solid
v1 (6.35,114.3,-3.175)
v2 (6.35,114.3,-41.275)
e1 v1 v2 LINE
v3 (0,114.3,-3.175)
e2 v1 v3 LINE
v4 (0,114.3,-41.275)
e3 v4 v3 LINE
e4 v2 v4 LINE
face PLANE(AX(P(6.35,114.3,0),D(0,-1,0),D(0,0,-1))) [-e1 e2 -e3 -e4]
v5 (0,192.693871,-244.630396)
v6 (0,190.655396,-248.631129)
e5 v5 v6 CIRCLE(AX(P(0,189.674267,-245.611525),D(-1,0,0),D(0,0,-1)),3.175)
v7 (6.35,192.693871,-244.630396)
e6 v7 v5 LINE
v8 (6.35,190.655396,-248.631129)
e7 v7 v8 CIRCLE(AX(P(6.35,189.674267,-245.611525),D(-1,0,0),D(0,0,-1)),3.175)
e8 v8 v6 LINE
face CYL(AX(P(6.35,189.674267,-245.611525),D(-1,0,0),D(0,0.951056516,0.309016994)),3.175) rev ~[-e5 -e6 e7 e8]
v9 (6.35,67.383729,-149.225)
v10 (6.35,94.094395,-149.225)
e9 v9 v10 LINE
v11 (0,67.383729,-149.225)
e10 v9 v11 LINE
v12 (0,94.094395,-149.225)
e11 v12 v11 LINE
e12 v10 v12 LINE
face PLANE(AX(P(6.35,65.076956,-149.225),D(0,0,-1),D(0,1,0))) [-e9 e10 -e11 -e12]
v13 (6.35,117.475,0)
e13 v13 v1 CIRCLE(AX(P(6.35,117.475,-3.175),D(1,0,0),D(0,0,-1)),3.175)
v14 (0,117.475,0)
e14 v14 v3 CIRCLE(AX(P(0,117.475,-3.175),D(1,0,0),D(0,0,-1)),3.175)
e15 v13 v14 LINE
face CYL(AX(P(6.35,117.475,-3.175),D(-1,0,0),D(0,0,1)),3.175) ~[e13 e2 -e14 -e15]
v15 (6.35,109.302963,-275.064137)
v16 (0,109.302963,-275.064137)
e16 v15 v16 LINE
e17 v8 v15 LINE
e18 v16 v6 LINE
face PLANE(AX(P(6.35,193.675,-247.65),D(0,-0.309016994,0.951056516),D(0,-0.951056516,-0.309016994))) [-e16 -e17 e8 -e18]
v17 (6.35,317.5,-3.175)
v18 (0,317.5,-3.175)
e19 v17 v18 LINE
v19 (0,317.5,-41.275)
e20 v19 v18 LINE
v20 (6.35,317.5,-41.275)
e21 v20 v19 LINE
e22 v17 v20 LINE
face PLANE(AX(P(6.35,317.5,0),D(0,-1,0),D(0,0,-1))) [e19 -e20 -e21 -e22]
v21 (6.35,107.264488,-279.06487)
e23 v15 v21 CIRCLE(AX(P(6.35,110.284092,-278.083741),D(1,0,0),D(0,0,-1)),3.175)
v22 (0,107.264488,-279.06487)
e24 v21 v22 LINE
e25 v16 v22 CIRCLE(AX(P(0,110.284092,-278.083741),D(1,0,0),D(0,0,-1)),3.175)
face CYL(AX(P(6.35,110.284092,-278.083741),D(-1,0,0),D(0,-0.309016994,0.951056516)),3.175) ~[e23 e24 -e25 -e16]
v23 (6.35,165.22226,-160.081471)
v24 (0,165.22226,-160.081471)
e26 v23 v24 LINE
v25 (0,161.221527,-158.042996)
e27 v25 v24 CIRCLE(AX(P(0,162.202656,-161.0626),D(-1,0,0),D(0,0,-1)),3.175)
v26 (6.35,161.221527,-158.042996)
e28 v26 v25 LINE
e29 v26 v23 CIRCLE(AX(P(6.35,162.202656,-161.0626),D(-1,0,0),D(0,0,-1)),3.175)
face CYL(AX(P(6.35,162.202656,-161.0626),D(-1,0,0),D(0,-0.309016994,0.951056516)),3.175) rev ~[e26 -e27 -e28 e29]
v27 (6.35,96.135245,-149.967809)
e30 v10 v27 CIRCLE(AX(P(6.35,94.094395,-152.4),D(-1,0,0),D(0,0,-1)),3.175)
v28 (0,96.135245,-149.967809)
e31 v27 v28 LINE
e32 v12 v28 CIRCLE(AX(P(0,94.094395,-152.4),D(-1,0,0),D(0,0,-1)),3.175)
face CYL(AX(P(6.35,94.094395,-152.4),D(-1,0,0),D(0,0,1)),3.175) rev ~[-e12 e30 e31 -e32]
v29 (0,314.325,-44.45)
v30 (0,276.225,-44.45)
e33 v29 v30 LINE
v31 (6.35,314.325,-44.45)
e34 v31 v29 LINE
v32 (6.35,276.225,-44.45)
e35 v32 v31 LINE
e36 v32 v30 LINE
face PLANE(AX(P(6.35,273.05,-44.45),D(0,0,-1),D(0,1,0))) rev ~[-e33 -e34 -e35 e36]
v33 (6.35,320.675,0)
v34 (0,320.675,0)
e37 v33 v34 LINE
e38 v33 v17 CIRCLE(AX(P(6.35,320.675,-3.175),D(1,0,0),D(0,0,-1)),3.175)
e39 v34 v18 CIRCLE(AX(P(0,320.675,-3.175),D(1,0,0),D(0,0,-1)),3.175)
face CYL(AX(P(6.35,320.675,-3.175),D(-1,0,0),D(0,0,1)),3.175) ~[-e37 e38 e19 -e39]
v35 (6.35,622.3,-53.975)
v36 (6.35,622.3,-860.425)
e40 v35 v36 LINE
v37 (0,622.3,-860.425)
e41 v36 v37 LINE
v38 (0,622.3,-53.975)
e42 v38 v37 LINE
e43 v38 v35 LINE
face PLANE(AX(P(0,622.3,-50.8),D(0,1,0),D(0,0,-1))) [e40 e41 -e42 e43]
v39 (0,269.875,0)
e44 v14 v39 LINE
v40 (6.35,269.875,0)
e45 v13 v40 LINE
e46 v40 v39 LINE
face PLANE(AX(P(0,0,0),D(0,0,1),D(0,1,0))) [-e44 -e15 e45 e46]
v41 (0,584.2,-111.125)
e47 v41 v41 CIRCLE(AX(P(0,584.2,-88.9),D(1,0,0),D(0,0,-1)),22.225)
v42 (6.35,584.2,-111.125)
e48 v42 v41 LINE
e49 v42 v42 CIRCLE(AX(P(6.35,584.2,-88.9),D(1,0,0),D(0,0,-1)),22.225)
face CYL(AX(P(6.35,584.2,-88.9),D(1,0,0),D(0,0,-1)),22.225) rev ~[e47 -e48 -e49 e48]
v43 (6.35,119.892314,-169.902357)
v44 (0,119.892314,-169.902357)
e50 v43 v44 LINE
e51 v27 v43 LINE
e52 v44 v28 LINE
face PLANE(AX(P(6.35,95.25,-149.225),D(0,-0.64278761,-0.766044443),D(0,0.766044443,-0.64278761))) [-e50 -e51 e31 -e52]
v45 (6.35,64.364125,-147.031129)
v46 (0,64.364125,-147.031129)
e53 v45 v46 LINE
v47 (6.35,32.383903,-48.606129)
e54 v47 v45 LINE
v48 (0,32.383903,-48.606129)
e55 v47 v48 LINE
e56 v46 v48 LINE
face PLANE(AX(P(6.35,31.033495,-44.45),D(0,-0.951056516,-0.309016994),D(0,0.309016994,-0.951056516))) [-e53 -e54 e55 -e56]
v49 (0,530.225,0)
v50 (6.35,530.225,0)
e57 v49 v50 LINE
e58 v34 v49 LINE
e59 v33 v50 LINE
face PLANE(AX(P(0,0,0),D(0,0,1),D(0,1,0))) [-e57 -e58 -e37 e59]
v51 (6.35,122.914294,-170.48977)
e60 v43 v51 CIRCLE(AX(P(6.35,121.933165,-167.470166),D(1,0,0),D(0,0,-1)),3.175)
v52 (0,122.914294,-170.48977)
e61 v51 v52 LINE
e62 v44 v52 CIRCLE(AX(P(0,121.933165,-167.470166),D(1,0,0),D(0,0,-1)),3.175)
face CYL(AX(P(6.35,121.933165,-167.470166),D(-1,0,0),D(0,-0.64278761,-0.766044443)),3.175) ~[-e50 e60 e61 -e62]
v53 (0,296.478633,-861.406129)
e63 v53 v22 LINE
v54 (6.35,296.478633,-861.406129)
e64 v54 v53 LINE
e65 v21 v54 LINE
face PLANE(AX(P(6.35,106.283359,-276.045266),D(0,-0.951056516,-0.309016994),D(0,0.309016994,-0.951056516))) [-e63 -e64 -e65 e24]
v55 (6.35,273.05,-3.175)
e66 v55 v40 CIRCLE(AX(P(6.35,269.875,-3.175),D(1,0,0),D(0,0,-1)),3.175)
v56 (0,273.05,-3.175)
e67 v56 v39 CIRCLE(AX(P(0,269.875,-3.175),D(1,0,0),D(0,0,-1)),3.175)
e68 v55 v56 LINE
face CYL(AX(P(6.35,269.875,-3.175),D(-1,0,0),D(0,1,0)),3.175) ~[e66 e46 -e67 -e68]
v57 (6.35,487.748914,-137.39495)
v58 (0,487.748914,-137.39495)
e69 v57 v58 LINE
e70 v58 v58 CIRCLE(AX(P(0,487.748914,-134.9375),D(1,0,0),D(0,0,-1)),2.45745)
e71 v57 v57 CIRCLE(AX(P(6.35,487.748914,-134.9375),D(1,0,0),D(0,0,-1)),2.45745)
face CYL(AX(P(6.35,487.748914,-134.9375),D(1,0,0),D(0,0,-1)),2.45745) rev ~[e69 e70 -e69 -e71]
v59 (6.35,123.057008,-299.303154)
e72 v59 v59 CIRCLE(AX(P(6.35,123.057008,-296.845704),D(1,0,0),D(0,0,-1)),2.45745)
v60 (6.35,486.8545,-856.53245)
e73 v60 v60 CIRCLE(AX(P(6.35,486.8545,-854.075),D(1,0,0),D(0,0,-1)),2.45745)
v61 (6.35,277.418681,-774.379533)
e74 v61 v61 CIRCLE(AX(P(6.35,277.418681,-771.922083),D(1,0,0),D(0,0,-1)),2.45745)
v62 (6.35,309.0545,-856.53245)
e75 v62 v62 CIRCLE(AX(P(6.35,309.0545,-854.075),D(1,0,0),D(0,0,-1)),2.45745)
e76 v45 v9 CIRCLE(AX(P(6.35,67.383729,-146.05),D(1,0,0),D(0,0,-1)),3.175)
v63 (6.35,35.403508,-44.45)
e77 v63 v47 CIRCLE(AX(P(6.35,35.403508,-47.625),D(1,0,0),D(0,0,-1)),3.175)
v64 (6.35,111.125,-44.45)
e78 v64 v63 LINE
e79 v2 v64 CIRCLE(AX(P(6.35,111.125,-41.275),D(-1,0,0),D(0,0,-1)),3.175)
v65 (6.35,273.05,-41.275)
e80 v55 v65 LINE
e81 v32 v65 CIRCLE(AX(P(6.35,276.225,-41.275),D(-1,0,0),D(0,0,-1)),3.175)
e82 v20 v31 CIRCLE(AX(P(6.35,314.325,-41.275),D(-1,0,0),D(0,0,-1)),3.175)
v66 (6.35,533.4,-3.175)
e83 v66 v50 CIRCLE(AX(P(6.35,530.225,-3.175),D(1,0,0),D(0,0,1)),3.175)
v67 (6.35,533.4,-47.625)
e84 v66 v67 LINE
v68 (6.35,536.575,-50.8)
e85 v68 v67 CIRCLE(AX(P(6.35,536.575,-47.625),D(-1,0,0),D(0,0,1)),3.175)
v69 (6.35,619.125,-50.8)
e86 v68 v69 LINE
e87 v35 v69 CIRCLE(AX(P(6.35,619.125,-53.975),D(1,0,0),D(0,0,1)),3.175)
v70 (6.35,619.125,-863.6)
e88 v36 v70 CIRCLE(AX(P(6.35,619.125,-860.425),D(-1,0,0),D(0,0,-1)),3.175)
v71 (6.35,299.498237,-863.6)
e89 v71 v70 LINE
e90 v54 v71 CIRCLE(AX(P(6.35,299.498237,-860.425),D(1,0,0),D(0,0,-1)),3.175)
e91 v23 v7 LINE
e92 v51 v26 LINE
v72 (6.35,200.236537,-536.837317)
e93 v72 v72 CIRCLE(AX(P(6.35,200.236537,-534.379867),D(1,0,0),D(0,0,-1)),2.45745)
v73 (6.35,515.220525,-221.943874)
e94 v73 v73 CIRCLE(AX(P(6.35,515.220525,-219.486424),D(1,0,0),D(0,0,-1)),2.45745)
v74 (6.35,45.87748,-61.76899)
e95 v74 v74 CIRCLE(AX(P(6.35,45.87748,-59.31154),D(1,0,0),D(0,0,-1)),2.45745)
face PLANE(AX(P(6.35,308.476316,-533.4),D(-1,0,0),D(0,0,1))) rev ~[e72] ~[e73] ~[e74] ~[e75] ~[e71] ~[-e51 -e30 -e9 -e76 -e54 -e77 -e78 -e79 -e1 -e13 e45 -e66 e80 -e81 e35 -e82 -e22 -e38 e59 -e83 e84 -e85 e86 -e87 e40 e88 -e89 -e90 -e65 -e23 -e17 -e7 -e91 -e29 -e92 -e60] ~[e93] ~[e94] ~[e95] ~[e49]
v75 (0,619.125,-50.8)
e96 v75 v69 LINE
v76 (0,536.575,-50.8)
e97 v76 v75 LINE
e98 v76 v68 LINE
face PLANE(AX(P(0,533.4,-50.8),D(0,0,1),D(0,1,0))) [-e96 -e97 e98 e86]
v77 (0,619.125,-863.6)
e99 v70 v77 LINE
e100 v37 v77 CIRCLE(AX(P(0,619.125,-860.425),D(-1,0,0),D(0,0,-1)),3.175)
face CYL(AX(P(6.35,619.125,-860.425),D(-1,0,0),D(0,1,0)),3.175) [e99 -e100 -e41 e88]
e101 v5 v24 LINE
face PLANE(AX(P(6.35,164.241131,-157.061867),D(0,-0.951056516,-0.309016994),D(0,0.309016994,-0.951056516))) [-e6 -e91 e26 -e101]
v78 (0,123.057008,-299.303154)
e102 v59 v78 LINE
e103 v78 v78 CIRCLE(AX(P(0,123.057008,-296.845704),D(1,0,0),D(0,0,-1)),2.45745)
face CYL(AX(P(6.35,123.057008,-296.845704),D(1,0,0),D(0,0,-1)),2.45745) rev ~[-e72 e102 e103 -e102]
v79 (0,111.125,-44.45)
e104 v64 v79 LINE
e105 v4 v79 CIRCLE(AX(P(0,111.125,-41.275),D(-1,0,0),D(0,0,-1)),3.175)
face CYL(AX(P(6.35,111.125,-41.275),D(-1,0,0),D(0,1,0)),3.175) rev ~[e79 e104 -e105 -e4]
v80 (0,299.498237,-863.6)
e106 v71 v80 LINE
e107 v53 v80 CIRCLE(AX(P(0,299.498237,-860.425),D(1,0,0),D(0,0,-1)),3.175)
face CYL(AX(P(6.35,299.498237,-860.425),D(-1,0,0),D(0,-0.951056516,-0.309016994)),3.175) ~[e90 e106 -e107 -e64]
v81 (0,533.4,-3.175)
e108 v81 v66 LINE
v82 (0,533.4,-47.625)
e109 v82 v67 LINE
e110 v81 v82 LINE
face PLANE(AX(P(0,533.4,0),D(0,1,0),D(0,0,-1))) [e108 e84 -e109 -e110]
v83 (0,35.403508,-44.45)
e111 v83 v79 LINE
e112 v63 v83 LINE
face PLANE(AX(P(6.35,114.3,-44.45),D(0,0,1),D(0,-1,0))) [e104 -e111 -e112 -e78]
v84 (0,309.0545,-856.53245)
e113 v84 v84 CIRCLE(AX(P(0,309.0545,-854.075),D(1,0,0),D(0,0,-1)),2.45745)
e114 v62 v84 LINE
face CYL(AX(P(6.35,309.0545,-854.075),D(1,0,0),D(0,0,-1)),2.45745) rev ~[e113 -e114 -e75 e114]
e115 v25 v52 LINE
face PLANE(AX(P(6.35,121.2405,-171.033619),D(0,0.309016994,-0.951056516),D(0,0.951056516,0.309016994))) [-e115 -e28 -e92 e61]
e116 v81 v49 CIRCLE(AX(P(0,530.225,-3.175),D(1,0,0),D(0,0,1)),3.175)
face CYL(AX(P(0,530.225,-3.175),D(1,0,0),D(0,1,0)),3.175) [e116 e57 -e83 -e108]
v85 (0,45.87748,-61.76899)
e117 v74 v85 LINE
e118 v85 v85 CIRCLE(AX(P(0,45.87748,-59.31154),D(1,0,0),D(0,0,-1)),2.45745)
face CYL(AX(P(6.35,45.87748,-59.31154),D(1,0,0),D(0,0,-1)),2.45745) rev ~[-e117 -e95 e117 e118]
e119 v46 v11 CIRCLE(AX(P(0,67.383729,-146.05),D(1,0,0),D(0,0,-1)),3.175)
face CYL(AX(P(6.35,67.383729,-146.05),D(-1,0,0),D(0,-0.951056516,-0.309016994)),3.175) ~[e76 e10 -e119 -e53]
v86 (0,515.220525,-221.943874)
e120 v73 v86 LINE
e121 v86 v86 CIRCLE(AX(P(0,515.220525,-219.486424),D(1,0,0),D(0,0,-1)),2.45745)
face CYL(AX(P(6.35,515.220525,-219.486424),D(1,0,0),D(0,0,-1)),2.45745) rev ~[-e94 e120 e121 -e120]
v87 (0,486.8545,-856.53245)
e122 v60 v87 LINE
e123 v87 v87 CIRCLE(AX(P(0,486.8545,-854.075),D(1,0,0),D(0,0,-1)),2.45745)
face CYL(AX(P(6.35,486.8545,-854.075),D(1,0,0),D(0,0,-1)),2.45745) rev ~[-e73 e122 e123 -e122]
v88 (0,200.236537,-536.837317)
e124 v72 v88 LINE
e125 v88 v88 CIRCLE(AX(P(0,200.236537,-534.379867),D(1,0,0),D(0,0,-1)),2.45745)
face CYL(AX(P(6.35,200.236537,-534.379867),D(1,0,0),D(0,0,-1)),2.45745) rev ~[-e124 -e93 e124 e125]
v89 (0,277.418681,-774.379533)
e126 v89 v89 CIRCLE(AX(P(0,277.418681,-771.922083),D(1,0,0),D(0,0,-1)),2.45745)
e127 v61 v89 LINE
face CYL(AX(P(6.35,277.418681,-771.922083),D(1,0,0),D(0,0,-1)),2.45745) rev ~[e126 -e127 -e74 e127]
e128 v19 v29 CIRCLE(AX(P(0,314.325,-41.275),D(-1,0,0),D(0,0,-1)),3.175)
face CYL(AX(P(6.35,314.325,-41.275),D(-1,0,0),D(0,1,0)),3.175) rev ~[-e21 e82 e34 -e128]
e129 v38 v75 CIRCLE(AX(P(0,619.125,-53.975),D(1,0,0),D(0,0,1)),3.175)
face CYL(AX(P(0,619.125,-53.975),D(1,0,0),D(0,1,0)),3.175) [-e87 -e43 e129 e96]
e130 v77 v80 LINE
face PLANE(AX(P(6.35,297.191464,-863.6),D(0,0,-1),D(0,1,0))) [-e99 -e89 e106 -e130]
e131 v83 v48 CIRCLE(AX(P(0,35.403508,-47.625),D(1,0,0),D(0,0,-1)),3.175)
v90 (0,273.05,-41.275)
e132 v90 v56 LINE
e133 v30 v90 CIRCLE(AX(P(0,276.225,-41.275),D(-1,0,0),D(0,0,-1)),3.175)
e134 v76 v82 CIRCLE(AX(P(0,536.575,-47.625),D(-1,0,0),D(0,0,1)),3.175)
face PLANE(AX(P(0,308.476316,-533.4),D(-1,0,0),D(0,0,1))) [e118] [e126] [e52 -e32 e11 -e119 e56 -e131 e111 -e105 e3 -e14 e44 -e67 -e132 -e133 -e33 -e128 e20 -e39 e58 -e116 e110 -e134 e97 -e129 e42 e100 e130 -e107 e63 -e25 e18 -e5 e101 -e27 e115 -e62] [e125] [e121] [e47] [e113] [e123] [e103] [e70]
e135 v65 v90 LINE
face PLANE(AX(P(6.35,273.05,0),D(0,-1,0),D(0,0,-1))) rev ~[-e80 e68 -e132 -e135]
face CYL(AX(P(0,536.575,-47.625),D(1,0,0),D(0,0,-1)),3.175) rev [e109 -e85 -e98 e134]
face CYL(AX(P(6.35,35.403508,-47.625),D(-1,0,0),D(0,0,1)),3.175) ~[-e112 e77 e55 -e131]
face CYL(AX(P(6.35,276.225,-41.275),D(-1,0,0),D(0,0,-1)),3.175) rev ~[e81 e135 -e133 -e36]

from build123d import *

# Parameters (mm, degrees)
BOSS_EXTRUDE1_DEPTH = 6.35
SKETCH2_R           = 2.45745
SKETCH2_R_2         = 22.225
SKETCH2_W           = 44.45
SKETCH2_H           = 44.45
CUT_EXTRUDE1_DEPTH  = 1236.054594947
FILLET1_R           = 3.175


with BuildPart() as part:
    # Sketch1 → Boss-Extrude1 (new body)
    with BuildSketch(Plane(origin=(0, 0, 0), x_dir=(0, 0, -1), z_dir=(1, 0, 0))):
        Polygon((1016, 533.4), (1066.8, 533.4), (1066.8, 0), (0, 0), (0, 533.4), (50.8, 533.4), (50.8, 622.3), (1016, 622.3), align=None)
    extrude(amount=BOSS_EXTRUDE1_DEPTH)

    # Sketch2 → Cut-Extrude1 (cut, through all)
    with BuildSketch(Plane(origin=(6.35, 0, 0), x_dir=(0, 0, -1), z_dir=(1, 0, 0))):
        with Locations((59.31154, 45.87748)):
            Circle(SKETCH2_R)
        with Locations((296.845703608, 123.057008284)):
            Circle(SKETCH2_R)
        with Locations((534.379867216, 200.236536569)):
            Circle(SKETCH2_R)
        with Locations((771.922083103, 277.418681197)):
            Circle(SKETCH2_R)
        with Locations((854.075, 309.0545)):
            Circle(SKETCH2_R)
        with Locations((854.075, 486.8545)):
            Circle(SKETCH2_R)
        with Locations((219.486424299, 515.220524995)):
            Circle(SKETCH2_R)
        with Locations((134.9375, 487.748914195)):
            Circle(SKETCH2_R)
        with Locations((88.9, 584.2)):
            Circle(SKETCH2_R_2)
        Polygon((149.225, 95.25), (171.033618902, 121.240499926), (157.061866823, 164.241131286), (247.65, 193.675), (276.045265579, 106.283358593), (863.6, 297.191464421), (863.6, 622.3), (1016, 622.3), (1016, 533.4), (1066.8, 533.4), (1066.8, 0), (0, 0), (0, 114.3), (44.45, 114.3), (44.45, 31.033495252), (149.225, 65.076956425), align=None)
        with Locations((22.225, 295.275)):
            Rectangle(SKETCH2_W, SKETCH2_H)
    extrude(amount=-CUT_EXTRUDE1_DEPTH, mode=Mode.SUBTRACT)

    # Fillet1
    fillet1_edges = [part.edges().sort_by_distance(p)[0] for p in [
        (3.175, 533.4, 0),
        (3.175, 533.4, -50.8),
        (3.175, 622.3, -50.8),
        (3.175, 273.05, 0),
        (3.175, 317.5, 0),
        (3.175, 317.5, -44.45),
        (3.175, 273.05, -44.45),
        (3.175, 114.3, 0),
        (3.175, 114.3, -44.45),
        (3.175, 31.033495252, -44.45),
        (3.175, 65.076956425, -149.225),
        (3.175, 95.25, -149.225),
        (3.175, 121.240499926, -171.033618902),
        (3.175, 164.241131286, -157.061866823),
        (3.175, 193.675, -247.65),
        (3.175, 106.283358593, -276.045265579),
        (3.175, 297.191464421, -863.6),
        (3.175, 622.3, -863.6),
    ]]
    fillet(fillet1_edges, radius=FILLET1_R)


solid = part.part
